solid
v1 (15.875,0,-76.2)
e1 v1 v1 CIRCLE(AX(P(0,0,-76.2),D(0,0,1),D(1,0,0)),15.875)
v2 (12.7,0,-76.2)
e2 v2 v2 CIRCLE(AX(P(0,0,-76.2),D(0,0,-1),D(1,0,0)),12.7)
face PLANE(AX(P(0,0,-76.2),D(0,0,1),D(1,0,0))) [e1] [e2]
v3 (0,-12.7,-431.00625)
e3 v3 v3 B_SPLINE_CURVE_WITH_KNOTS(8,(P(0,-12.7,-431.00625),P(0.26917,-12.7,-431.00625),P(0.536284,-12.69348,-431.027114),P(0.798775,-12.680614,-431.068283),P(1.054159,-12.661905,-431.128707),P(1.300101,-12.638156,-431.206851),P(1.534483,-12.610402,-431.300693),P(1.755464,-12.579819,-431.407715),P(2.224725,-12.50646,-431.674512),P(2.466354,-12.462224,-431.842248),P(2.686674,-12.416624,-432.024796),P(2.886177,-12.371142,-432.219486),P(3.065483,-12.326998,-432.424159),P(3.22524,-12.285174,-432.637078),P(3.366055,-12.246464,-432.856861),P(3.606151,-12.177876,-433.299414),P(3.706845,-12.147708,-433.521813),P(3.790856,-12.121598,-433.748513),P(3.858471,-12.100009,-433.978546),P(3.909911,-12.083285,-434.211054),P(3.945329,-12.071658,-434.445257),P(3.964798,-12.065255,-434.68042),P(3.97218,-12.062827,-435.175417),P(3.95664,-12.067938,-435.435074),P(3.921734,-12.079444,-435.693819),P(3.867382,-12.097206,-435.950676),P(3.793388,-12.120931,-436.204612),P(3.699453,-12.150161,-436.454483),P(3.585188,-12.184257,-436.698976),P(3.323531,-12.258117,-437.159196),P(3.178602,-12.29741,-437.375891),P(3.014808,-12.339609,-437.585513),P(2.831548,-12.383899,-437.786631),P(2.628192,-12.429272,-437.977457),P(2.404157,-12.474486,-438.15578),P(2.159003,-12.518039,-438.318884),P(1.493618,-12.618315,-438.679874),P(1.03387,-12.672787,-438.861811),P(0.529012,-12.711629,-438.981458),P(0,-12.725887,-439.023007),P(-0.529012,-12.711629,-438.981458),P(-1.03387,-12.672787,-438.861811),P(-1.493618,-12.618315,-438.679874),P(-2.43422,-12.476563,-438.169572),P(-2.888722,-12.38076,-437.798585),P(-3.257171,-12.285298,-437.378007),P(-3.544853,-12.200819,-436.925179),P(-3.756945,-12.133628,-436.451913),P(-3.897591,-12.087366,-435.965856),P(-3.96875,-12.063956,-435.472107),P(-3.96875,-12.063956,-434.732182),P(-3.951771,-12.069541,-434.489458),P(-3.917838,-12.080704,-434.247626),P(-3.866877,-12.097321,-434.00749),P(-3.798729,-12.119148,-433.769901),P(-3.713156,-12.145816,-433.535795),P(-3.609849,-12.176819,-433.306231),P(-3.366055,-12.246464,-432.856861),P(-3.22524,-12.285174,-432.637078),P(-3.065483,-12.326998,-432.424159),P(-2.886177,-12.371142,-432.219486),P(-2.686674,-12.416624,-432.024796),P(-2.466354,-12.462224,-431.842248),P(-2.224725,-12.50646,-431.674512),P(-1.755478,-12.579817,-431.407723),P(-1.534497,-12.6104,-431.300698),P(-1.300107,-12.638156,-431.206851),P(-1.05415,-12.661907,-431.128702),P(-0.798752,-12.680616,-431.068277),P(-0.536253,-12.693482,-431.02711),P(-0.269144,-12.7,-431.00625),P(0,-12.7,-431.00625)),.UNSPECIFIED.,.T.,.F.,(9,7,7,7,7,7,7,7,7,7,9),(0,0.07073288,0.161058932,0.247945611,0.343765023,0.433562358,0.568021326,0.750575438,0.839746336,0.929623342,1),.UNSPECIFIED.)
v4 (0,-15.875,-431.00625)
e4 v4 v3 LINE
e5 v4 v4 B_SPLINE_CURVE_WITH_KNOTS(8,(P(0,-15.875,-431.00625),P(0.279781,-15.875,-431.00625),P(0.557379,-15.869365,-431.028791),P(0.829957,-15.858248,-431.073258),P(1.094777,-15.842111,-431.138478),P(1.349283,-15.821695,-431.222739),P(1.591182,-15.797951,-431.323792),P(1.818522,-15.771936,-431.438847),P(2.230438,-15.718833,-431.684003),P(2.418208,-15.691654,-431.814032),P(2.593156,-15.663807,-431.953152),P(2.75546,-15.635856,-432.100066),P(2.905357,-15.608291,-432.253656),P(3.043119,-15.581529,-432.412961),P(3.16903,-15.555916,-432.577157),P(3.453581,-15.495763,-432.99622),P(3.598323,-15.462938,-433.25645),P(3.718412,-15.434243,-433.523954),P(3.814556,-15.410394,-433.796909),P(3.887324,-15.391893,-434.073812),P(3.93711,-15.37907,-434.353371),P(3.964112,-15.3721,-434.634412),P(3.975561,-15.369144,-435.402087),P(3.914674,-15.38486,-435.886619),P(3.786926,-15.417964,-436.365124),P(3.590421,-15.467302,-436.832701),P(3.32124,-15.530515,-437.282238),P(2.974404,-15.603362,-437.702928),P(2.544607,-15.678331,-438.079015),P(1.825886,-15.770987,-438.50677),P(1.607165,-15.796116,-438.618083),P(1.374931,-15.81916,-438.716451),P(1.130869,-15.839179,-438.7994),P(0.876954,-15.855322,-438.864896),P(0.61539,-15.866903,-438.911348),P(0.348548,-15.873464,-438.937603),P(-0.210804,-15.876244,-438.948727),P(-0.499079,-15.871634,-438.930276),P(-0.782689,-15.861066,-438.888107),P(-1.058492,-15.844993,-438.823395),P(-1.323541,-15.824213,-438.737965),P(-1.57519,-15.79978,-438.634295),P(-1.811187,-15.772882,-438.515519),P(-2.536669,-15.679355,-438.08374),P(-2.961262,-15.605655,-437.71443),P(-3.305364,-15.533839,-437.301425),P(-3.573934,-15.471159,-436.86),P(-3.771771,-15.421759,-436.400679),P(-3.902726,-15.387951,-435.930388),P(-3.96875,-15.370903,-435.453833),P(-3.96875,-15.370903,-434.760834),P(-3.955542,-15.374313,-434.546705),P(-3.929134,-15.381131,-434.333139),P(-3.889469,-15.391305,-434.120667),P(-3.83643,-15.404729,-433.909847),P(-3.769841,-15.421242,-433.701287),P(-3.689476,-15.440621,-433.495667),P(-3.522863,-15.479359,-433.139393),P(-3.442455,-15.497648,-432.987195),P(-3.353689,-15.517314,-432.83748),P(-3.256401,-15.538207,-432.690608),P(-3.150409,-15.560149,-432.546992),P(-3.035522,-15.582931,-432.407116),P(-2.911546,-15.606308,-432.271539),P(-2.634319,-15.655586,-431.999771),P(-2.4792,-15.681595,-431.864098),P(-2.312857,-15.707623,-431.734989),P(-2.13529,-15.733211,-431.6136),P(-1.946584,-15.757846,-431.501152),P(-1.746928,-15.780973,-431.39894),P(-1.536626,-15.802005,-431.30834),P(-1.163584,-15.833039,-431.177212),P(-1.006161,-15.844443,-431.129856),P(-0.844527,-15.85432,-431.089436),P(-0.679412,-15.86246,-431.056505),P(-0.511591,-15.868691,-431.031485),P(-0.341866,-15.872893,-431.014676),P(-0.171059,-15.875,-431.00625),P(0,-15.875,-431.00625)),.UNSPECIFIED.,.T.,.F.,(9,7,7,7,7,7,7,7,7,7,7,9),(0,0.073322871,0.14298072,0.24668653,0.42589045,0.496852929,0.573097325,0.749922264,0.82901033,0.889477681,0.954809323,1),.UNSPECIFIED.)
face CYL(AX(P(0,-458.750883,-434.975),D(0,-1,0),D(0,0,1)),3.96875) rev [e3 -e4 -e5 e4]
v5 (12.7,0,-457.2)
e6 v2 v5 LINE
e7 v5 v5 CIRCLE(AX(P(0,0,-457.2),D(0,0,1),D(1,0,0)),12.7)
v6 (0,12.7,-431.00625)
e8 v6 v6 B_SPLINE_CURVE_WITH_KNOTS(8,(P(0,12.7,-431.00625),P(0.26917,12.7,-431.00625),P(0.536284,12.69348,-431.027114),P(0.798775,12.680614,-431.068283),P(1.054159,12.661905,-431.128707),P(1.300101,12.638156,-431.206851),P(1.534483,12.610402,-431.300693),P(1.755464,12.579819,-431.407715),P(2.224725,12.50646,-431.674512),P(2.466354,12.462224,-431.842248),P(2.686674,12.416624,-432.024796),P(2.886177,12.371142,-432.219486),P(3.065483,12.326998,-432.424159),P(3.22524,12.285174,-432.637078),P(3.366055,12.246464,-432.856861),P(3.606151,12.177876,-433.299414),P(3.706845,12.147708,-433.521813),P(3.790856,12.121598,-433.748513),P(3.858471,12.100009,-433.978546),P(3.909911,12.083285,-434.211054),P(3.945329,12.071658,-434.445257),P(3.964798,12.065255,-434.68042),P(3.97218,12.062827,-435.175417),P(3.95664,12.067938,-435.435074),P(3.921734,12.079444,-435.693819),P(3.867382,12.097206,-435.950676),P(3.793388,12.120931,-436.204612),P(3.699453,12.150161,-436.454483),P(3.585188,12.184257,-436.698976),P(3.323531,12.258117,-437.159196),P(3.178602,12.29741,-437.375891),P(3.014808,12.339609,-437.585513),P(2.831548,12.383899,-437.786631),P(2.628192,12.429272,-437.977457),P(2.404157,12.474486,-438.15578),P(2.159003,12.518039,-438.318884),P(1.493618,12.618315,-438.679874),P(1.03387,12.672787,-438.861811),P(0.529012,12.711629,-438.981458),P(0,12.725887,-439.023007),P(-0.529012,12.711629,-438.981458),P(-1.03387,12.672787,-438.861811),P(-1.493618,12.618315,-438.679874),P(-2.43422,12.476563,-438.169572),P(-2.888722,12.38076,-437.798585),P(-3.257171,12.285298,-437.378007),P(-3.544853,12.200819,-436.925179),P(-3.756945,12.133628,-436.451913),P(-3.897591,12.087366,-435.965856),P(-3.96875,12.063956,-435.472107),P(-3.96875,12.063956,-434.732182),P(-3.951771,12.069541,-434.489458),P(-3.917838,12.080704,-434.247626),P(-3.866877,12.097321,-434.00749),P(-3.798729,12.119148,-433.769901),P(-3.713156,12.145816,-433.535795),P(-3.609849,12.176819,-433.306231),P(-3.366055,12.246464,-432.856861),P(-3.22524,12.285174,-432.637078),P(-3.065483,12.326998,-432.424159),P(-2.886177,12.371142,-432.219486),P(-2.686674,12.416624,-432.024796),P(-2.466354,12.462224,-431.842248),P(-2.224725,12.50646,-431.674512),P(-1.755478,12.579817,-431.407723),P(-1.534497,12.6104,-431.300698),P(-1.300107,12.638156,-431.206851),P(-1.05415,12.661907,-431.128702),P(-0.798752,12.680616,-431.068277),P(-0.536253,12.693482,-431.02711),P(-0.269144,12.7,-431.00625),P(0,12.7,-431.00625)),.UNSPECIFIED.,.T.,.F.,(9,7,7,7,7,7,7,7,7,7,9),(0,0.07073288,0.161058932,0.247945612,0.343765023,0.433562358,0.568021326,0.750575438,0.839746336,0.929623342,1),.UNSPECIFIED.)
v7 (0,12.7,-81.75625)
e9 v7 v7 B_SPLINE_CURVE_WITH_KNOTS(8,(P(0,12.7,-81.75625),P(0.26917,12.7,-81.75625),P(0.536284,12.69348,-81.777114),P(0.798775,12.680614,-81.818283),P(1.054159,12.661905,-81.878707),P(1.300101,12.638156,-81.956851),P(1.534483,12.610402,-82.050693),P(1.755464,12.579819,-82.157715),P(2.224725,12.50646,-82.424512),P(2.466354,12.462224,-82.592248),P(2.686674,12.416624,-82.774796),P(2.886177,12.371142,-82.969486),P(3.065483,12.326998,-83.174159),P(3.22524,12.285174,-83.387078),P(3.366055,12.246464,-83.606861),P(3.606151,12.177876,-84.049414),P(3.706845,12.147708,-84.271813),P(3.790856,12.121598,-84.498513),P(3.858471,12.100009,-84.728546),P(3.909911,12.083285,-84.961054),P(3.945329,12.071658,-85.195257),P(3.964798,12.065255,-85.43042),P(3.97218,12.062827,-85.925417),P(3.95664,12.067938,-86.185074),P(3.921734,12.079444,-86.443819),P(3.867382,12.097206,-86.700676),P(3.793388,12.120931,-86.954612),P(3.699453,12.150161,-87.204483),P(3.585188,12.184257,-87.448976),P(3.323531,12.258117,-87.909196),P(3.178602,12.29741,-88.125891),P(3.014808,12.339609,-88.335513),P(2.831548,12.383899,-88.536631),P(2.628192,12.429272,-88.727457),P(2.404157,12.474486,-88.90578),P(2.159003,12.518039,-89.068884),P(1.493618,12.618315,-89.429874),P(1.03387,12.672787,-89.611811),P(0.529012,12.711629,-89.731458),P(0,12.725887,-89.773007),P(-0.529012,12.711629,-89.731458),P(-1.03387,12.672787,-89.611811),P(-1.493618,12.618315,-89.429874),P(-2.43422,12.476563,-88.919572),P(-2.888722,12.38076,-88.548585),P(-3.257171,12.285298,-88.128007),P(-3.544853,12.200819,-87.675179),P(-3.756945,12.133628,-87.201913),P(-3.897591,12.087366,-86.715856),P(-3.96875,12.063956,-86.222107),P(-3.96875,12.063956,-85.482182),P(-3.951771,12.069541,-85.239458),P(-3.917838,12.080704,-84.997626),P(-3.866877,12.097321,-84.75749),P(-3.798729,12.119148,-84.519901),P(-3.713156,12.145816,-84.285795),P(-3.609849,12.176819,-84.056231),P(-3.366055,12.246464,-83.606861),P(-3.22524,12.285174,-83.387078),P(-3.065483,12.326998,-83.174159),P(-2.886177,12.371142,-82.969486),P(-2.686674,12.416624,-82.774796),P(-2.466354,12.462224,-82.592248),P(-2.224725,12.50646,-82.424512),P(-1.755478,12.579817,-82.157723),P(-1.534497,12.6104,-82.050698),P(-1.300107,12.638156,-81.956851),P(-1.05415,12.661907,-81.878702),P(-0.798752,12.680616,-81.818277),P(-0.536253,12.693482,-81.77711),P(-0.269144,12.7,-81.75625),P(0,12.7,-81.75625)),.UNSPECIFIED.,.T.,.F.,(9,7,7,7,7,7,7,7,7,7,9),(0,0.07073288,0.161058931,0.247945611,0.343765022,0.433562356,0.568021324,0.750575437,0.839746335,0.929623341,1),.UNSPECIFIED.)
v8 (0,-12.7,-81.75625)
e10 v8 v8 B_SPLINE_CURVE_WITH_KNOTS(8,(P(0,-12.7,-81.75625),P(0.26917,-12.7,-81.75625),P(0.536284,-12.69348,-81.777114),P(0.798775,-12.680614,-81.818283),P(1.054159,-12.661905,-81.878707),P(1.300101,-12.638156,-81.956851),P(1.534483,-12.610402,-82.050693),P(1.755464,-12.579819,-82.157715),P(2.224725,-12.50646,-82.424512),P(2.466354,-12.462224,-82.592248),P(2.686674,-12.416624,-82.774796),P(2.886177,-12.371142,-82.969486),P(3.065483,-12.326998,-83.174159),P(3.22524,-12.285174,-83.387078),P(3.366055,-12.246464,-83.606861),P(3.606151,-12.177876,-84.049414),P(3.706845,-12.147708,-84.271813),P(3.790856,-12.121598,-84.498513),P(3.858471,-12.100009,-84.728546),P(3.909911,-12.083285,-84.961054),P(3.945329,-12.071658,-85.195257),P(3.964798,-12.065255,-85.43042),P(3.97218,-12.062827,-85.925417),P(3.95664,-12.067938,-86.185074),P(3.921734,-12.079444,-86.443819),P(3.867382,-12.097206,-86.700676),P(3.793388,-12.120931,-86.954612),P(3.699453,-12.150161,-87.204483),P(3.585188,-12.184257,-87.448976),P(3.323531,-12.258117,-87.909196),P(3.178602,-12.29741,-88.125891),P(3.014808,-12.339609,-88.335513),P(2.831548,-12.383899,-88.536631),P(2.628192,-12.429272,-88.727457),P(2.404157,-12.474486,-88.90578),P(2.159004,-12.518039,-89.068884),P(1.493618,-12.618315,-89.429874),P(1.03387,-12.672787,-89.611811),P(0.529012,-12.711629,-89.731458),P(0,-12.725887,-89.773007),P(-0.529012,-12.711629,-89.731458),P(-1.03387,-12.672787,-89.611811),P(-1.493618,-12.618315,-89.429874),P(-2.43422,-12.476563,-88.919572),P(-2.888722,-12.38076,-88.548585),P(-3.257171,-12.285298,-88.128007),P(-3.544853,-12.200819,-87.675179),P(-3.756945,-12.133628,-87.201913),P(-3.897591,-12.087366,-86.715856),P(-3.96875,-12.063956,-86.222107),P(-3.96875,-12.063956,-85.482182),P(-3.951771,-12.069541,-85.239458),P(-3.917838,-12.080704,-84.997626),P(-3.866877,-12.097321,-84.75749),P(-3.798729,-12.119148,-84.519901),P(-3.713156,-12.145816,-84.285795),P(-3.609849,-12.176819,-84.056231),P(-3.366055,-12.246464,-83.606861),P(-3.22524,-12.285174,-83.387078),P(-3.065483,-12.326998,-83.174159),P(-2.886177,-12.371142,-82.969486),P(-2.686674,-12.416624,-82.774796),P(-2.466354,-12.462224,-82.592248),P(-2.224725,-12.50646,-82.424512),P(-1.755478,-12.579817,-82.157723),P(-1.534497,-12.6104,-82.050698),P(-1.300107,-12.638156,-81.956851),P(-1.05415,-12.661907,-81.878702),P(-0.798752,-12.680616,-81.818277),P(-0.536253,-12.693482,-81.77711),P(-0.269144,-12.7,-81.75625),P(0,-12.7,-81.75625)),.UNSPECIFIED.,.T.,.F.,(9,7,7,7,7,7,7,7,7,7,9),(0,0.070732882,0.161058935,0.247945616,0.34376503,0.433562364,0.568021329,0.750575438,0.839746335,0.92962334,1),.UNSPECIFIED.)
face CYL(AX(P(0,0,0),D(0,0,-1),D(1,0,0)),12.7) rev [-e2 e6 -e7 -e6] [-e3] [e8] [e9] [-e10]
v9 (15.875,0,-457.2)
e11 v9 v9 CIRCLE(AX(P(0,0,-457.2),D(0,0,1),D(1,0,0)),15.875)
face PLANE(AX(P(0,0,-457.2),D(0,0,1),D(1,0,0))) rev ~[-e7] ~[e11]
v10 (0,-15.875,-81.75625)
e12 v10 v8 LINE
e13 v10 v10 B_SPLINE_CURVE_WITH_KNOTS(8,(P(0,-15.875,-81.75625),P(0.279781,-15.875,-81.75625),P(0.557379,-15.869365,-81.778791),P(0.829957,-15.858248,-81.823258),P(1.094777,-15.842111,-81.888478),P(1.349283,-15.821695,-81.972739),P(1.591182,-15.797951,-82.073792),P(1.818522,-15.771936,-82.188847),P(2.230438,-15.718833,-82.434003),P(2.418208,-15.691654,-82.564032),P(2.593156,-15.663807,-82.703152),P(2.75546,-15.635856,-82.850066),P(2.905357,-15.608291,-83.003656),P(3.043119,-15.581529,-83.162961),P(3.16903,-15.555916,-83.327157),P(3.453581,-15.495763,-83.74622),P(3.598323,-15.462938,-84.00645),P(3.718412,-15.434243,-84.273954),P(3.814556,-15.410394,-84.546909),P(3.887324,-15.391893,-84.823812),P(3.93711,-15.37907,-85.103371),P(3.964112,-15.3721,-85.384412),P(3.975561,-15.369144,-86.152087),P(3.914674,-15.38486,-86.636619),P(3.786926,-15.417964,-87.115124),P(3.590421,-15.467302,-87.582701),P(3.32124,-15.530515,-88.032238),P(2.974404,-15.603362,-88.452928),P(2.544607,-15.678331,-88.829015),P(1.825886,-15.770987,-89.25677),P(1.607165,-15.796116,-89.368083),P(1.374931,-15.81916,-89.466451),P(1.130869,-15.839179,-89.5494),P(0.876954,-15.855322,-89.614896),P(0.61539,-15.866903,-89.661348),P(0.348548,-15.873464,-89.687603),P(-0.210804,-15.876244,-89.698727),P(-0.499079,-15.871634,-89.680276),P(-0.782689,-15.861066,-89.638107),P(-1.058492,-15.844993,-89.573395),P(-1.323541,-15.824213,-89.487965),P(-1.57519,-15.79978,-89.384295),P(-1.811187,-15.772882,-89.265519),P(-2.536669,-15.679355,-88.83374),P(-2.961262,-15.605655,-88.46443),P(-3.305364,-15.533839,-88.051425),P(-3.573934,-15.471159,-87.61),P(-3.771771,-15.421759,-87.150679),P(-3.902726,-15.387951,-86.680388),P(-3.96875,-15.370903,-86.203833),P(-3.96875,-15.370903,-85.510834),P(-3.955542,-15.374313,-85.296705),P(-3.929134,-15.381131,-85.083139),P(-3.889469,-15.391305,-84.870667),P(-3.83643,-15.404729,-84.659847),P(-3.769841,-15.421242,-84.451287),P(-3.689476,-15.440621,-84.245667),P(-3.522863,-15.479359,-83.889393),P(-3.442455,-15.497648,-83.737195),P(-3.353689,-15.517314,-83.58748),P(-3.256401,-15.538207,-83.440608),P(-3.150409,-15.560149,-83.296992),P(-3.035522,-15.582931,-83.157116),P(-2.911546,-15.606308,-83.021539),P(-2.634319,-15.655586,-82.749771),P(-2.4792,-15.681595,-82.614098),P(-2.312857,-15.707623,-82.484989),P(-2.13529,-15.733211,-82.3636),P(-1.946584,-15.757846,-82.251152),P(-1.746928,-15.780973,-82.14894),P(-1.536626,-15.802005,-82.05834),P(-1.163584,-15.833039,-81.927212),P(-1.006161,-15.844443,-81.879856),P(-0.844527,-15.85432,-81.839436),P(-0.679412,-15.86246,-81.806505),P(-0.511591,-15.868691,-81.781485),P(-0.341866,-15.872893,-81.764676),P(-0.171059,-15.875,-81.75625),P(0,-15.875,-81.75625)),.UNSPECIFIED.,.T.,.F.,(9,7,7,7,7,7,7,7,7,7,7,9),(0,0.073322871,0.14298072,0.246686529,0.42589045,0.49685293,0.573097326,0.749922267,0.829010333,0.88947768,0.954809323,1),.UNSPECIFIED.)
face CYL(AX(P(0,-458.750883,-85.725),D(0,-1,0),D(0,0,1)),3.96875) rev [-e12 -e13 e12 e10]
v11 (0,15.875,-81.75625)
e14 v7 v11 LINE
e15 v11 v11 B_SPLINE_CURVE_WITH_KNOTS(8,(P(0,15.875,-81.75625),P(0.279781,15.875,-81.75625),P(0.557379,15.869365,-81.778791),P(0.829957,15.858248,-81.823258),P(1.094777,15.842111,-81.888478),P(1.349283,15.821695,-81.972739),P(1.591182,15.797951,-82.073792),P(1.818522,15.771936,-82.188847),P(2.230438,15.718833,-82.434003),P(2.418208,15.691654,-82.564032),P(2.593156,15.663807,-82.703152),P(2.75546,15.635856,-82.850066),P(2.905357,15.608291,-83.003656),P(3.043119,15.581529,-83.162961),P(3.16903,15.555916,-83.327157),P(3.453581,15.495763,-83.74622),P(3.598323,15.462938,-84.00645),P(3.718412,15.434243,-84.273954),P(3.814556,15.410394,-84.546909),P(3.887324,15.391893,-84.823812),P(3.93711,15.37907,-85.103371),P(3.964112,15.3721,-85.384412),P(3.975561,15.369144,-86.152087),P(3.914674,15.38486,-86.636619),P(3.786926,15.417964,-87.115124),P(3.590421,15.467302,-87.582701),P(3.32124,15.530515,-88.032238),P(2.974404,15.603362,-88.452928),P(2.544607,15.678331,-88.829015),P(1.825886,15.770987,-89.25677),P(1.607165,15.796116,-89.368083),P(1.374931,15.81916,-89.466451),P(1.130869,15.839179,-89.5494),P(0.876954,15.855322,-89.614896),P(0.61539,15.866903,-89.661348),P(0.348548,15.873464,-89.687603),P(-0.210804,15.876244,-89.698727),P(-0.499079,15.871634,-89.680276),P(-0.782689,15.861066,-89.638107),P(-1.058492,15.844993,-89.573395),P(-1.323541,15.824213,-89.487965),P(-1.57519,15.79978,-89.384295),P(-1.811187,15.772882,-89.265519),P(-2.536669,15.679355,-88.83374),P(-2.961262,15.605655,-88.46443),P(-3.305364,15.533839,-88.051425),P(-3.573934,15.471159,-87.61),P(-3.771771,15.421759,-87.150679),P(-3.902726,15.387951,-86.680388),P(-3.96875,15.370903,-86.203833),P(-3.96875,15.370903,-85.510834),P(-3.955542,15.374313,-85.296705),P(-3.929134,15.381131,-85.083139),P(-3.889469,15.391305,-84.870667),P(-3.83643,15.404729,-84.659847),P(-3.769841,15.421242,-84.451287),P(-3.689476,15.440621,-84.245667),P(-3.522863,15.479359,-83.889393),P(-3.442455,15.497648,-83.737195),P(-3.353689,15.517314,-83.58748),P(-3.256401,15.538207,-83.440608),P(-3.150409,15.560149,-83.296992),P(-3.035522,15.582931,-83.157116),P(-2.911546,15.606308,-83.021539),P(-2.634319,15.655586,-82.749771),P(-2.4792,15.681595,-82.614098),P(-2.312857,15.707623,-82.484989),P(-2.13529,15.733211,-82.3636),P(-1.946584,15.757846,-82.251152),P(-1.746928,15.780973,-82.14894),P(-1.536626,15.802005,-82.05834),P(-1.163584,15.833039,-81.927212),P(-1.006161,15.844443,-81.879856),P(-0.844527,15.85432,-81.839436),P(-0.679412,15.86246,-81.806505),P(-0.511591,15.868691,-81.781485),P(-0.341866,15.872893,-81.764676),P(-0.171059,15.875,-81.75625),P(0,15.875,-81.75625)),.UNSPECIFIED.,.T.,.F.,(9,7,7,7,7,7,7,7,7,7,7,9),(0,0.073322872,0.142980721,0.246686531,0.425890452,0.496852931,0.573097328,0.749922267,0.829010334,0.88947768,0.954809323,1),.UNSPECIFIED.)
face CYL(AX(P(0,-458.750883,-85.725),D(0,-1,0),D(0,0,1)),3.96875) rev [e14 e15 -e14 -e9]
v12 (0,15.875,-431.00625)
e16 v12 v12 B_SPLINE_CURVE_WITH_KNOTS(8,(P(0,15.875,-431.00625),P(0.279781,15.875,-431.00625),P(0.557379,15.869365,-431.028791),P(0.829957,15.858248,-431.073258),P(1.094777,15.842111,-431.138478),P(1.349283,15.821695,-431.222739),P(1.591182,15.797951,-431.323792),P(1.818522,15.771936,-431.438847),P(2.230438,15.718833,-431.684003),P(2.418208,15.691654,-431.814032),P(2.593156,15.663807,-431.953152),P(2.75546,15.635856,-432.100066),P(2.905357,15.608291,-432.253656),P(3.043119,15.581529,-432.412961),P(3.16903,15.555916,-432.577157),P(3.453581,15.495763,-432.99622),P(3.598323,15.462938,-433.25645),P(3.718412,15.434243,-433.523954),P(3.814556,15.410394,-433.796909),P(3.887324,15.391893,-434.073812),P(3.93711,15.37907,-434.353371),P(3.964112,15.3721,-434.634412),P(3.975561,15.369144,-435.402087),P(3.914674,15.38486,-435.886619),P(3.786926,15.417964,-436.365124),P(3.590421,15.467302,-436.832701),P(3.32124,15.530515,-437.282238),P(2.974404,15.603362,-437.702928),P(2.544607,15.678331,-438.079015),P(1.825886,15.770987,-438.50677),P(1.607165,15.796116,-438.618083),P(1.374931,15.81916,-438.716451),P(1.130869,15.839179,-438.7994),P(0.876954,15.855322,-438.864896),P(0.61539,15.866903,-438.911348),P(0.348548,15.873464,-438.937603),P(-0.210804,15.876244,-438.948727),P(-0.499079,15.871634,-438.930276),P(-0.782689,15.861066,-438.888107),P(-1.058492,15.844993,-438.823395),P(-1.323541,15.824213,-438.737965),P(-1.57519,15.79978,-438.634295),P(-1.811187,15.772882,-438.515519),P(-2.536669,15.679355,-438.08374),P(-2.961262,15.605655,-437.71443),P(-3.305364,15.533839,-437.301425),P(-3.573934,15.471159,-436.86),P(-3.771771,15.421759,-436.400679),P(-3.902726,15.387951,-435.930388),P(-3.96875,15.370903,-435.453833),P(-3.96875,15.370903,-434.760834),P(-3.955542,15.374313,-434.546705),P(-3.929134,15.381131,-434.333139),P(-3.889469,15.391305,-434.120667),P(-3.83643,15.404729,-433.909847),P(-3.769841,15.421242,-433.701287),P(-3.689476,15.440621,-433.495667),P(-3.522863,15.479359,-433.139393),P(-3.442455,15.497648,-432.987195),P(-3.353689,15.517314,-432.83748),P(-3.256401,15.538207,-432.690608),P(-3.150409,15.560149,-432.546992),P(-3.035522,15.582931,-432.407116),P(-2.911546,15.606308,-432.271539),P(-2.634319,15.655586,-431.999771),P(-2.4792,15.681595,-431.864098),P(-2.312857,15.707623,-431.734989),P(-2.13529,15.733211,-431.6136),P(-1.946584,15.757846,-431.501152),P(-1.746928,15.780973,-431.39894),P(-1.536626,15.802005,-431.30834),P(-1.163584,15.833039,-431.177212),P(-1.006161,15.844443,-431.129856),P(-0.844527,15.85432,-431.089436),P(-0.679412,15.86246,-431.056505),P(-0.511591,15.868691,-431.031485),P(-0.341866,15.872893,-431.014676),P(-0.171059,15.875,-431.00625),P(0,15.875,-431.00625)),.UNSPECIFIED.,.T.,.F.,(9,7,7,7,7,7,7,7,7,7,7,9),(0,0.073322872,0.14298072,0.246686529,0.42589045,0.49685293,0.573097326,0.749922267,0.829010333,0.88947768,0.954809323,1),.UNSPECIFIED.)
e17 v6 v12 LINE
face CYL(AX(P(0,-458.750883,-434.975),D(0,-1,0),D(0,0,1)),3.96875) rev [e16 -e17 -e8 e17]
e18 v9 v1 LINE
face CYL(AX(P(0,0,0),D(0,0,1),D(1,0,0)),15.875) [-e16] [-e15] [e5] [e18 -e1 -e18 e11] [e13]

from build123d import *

# Parameters (mm, degrees)
SKETCH3_R               = 15.875
SKETCH3_R_2             = 12.7
BOSS_EXTRUDE1_DEPTH     = 457.2
SKETCH4_R               = 24.687530181
CUT_EXTRUDE1_DEPTH      = 533.4
CUT_EXTRUDE2_DEPTH      = 458.750883396
CUT_EXTRUDE2_DEPTH_BACK = 458.750883396
SKETCH5_R               = 3.96875


with BuildPart() as part:
    # Sketch3 → Boss-Extrude1 (new, symmetric)
    with BuildSketch(Plane.XY):
        Circle(SKETCH3_R)
        Circle(SKETCH3_R_2, mode=Mode.SUBTRACT)
    extrude(amount=BOSS_EXTRUDE1_DEPTH, both=True)

    # Sketch4 → Cut-Extrude1 (cut)
    with BuildSketch(Plane.XY.offset(457.2)):
        Circle(SKETCH4_R)
    extrude(amount=-CUT_EXTRUDE1_DEPTH, mode=Mode.SUBTRACT)

    # Sketch5 → Cut-Extrude2 (cut, two sides: drawn at the far end of the back side and taken through both)
    with BuildSketch(Plane(origin=(0, 0, 0), x_dir=(1, 0, 0), z_dir=(0, 1, 0)).offset(-CUT_EXTRUDE2_DEPTH_BACK)):
        with Locations(Location((0, 85.725, 0), (0, 0, 270))):
            Circle(SKETCH5_R)
        with Locations(Location((0, 434.975, 0), (0, 0, 270))):
            Circle(SKETCH5_R)
    extrude(amount=CUT_EXTRUDE2_DEPTH + CUT_EXTRUDE2_DEPTH_BACK, mode=Mode.SUBTRACT)


solid = part.part
